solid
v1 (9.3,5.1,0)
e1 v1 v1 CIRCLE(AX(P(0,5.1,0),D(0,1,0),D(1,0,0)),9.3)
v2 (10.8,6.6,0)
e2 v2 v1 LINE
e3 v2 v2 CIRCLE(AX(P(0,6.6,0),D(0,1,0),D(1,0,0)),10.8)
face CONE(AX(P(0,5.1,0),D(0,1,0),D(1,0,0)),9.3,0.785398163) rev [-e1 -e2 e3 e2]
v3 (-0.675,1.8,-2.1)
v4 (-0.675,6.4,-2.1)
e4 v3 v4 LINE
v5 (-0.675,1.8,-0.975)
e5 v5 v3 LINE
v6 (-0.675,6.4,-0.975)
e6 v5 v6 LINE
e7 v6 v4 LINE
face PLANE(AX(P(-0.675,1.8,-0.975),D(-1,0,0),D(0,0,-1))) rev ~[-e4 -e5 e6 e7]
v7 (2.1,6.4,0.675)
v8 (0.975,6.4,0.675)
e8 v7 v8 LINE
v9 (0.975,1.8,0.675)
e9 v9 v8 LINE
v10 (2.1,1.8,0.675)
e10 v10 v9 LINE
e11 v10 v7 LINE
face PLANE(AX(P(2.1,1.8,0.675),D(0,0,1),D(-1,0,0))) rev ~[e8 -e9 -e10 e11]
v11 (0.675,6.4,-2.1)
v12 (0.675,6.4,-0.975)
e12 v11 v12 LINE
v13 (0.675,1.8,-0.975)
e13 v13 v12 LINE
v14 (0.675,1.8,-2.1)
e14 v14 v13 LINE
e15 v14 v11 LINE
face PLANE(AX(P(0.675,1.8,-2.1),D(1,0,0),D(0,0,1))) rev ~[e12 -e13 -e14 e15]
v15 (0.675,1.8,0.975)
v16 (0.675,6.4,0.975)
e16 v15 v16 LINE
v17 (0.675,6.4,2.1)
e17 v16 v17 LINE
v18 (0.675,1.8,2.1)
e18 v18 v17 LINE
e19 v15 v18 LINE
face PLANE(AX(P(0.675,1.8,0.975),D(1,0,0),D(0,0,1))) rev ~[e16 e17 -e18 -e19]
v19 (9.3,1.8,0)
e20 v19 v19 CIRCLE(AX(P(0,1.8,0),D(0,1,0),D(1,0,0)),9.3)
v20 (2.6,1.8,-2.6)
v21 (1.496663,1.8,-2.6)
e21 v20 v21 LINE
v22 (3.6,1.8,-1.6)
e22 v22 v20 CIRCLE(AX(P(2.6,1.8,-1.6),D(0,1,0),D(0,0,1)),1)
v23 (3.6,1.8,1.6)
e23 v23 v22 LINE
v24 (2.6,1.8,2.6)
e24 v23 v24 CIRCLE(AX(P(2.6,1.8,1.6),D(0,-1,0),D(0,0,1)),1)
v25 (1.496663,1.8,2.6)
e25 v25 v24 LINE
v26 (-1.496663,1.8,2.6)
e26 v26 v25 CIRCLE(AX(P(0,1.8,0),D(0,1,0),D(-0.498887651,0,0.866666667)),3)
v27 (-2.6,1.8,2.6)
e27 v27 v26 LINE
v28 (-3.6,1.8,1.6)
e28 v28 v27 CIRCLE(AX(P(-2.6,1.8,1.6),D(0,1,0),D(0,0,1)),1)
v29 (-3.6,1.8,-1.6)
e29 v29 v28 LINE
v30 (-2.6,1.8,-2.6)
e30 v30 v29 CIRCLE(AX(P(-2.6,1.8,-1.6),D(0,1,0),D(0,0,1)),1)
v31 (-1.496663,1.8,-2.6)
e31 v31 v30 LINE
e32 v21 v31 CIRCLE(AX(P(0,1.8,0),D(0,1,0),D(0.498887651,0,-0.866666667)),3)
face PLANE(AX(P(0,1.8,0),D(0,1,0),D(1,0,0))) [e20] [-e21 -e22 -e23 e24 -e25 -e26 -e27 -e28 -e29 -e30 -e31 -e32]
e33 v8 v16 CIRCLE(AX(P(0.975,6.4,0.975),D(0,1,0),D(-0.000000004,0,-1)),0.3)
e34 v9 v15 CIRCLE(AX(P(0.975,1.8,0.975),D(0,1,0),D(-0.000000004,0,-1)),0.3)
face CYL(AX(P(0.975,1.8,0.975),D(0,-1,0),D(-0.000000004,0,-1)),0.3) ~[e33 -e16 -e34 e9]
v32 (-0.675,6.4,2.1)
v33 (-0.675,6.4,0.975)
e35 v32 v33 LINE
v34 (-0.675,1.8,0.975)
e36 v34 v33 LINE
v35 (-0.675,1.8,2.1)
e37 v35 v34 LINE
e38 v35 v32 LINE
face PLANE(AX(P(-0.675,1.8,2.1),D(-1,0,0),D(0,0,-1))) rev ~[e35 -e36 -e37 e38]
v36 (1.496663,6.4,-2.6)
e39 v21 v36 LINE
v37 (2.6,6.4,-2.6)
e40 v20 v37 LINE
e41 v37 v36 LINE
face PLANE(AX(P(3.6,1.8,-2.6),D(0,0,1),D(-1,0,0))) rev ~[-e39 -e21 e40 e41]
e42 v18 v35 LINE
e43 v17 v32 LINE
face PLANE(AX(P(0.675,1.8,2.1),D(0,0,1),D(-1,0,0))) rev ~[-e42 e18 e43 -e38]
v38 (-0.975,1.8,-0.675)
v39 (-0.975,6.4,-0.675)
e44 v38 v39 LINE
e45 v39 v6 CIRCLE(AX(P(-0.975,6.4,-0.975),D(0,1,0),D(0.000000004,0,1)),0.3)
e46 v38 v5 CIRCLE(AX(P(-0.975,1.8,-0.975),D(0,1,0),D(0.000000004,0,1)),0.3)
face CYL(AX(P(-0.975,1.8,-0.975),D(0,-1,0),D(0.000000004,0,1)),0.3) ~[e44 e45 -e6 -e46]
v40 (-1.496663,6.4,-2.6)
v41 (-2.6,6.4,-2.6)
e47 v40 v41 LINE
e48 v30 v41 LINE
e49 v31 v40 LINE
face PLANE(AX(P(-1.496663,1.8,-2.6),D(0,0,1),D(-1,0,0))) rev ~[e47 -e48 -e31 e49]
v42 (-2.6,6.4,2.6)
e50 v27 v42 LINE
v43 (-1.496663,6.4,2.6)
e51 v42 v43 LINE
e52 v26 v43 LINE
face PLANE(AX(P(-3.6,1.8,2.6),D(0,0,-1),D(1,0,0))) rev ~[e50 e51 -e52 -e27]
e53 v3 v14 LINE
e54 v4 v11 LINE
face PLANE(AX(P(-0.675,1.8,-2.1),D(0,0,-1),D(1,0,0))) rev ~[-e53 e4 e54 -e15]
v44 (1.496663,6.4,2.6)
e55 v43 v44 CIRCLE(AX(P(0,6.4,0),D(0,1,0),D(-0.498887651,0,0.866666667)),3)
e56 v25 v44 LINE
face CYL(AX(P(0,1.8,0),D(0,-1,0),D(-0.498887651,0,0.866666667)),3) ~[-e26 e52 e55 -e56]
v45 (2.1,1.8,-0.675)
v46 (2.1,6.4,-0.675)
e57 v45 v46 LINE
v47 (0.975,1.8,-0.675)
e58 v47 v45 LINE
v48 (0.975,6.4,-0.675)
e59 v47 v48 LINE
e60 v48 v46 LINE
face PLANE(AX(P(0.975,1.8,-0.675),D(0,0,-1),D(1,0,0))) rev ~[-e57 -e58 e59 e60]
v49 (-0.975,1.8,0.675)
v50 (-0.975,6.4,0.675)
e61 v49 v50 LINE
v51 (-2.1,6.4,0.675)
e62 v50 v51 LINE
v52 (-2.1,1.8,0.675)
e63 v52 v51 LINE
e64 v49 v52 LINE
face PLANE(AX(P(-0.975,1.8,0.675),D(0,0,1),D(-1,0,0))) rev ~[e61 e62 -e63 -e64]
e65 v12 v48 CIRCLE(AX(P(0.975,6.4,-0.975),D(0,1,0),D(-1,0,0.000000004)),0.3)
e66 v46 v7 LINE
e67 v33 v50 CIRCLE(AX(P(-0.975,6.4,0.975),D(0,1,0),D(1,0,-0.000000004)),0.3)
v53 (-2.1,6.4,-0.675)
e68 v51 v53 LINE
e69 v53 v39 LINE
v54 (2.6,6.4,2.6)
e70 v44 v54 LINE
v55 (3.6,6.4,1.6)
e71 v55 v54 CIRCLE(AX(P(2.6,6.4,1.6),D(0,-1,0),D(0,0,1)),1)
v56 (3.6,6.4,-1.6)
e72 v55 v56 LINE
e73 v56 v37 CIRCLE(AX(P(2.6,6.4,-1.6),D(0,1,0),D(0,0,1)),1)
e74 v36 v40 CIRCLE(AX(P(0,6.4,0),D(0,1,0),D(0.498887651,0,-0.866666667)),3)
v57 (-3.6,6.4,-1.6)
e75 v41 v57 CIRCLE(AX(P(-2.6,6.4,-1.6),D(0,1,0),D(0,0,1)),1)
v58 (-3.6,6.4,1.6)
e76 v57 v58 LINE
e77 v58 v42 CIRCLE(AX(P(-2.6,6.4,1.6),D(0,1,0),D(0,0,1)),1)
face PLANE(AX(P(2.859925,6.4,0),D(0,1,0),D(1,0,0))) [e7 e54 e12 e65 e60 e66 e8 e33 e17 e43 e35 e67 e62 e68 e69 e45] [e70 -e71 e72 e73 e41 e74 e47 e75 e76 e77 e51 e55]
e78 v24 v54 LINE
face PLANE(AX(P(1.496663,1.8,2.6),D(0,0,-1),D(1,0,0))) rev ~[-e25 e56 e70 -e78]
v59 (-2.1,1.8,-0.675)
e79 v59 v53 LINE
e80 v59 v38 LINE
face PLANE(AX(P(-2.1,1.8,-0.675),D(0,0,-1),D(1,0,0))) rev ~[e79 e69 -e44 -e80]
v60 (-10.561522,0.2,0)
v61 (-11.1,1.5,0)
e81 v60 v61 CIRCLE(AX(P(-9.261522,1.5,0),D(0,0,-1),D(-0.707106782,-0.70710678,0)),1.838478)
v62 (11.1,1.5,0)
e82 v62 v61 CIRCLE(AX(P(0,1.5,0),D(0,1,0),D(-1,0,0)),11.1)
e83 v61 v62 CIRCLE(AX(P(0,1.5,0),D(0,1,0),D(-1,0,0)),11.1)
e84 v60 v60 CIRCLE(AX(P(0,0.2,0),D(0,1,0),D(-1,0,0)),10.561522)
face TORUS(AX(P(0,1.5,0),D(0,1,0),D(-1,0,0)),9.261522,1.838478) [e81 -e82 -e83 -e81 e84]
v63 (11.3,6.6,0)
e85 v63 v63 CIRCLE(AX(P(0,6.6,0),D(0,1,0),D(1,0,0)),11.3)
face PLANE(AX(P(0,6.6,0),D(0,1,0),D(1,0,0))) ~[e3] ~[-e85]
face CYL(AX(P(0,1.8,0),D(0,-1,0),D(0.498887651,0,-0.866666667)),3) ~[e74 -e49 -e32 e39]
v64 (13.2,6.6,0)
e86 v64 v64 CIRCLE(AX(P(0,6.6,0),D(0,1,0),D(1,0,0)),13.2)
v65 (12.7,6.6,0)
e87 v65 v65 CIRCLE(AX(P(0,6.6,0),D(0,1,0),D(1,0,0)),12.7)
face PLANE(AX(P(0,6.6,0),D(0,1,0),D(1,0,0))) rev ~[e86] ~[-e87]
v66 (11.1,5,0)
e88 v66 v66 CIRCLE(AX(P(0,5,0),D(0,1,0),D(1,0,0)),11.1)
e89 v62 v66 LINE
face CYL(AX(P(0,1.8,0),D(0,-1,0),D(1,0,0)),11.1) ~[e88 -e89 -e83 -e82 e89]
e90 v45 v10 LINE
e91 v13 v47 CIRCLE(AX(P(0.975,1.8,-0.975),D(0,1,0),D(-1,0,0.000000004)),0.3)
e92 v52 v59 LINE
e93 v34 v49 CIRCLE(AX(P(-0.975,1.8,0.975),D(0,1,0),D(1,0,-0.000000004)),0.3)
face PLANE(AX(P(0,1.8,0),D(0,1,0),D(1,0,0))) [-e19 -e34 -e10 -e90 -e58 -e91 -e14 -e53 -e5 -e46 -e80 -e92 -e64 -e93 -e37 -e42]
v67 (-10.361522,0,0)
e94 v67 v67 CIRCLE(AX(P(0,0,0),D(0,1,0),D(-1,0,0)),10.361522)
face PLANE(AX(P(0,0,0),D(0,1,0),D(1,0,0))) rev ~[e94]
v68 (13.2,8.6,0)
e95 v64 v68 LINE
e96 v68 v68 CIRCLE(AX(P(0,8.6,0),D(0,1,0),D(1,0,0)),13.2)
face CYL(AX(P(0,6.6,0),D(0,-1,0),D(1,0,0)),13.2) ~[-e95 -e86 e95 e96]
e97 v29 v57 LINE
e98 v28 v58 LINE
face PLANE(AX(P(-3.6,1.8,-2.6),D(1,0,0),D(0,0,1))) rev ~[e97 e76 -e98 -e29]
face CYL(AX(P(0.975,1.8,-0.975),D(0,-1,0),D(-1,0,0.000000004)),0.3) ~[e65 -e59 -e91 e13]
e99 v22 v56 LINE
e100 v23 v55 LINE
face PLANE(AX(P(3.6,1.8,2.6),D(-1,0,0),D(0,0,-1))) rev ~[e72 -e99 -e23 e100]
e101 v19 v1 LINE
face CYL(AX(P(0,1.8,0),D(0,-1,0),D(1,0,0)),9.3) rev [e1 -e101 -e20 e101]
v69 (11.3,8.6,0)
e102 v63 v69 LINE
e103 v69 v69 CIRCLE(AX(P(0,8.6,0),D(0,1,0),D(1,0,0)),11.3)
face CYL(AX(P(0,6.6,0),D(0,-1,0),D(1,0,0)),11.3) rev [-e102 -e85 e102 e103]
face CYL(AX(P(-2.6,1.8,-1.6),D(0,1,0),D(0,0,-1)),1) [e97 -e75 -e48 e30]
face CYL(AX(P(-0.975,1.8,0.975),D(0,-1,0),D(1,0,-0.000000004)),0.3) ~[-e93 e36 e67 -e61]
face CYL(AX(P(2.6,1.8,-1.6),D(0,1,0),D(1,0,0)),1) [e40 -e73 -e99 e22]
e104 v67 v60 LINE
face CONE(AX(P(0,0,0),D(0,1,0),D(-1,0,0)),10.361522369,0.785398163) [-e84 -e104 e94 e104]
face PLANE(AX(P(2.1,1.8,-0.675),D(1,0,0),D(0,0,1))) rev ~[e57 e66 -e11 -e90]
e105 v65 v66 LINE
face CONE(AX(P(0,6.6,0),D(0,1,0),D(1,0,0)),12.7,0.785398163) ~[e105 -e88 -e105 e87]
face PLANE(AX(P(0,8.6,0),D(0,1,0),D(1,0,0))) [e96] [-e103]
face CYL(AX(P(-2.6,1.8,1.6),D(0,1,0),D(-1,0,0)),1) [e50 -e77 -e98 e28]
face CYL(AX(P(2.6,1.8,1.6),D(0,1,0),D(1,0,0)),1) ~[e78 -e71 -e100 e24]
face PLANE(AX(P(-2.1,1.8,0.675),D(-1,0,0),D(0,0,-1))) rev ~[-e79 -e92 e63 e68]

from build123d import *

# Parameters (mm, degrees)
SKETCH1_R           = 11.1
BUTTON_TOP_DEPTH    = 1.8
SKETCH2_R           = 11.1
SKETCH2_R_2         = 9.3
BUTTON_WALLS_DEPTH  = 4.8
STEM_HOUSING_DEPTH  = 4.6
CHAMFER1_SIZE       = 1.5
FILLET2_R           = 1
SKETCH8_R           = 13.2
SKETCH8_R_2         = 11.3
BOSS_EXTRUDE1_DEPTH = 2


with BuildPart() as part:
    # Sketch1 → button top (new body)
    with BuildSketch(Plane(origin=(0, 0, 0), x_dir=(1, 0, 0), z_dir=(0, 1, 0))):
        Circle(SKETCH1_R)
    extrude(amount=BUTTON_TOP_DEPTH)

    # Sketch2 → button walls (add)
    with BuildSketch(Plane(origin=(0, 1.8, 0), x_dir=(1, 0, 0), z_dir=(0, 1, 0))):
        Circle(SKETCH2_R)
        Circle(SKETCH2_R_2, mode=Mode.SUBTRACT)
    extrude(amount=BUTTON_WALLS_DEPTH)

    # Sketch3 → stem housing (add)
    with BuildSketch(Plane(origin=(0, 1.8, 0), x_dir=(1, 0, 0), z_dir=(0, 1, 0))):
        with BuildLine():
            ThreePointArc((3, 0), (2.597112711, -1.501667596), (1.496662955, -2.6))
            Line((1.496662955, -2.6), (3.6, -2.6))
            Line((3.6, -2.6), (3.6, 2.6))
            Line((3.6, 2.6), (1.496662955, 2.6))
            ThreePointArc((1.496662955, 2.6), (2.597112711, 1.501667596), (3, 0))
        make_face()
        with BuildLine():
            ThreePointArc((-1.496662955, 2.6), (-3, 0), (-1.496662955, -2.6))
            Line((-1.496662955, -2.6), (1.496662955, -2.6))
            ThreePointArc((1.496662955, -2.6), (2.597112711, -1.501667596), (3, 0))
            ThreePointArc((3, 0), (2.597112711, 1.501667596), (1.496662955, 2.6))
            Line((1.496662955, 2.6), (-1.496662955, 2.6))
        make_face()
        with BuildLine():
            ThreePointArc((-0.975, 0.675), (-0.762867966, 0.762867966), (-0.675, 0.975))
            Line((-0.675, 0.975), (-0.675, 2.1))
            Line((-0.675, 2.1), (0.675, 2.1))
            Line((0.675, 2.1), (0.675, 0.975))
            ThreePointArc((0.675, 0.975), (0.762867966, 0.762867966), (0.975, 0.675))
            Line((0.975, 0.675), (2.1, 0.675))
            Line((2.1, 0.675), (2.1, -0.675))
            Line((2.1, -0.675), (0.975, -0.675))
            ThreePointArc((0.975, -0.675), (0.762867966, -0.762867966), (0.675, -0.975))
            Line((0.675, -0.975), (0.675, -2.1))
            Line((0.675, -2.1), (-0.675, -2.1))
            Line((-0.675, -2.1), (-0.675, -0.975))
            ThreePointArc((-0.675, -0.975), (-0.762867966, -0.762867966), (-0.975, -0.675))
            Line((-0.975, -0.675), (-2.1, -0.675))
            Line((-2.1, -0.675), (-2.1, 0.675))
            Line((-2.1, 0.675), (-0.975, 0.675))
        make_face(mode=Mode.SUBTRACT)
        with BuildLine():
            Line((1.496662955, -2.6), (-1.496662955, -2.6))
            ThreePointArc((-1.496662955, -2.6), (0, -3), (1.496662955, -2.6))
        make_face()
        with BuildLine():
            Line((-3.6, 2.6), (-3.6, -2.6))
            Line((-3.6, -2.6), (-1.496662955, -2.6))
            ThreePointArc((-1.496662955, -2.6), (-3, 0), (-1.496662955, 2.6))
            Line((-1.496662955, 2.6), (-3.6, 2.6))
        make_face()
        with BuildLine():
            ThreePointArc((1.496662955, 2.6), (0, 3), (-1.496662955, 2.6))
            Line((-1.496662955, 2.6), (1.496662955, 2.6))
        make_face()
    extrude(amount=STEM_HOUSING_DEPTH)

    # Chamfer1
    chamfer1_edges = [part.edges().sort_by_distance(p)[0] for p in [
        (-9.3, 6.6, 0),
    ]]
    chamfer(chamfer1_edges, length=CHAMFER1_SIZE)

    # Fillet2
    fillet2_edges = [part.edges().sort_by_distance(p)[0] for p in [
        (3.6, 4.1, 2.6),
        (3.6, 4.1, -2.6),
        (-3.6, 4.1, -2.6),
        (-3.6, 4.1, 2.6),
    ]]
    fillet(fillet2_edges, radius=FILLET2_R)

    # Sketch6 → Cut-Revolve1 (revolve, cut)
    with BuildSketch(Plane.XY):
        with BuildLine():
            Line((-10.361522369, 0), (-10.561522369, 0.2))
            ThreePointArc((-10.561522369, 0.2), (-10.960054223, 0.79644507), (-11.1, 1.5))
            Line((-11.1, 1.5), (-11.1, 0))
            Line((-11.1, 0), (-10.361522369, 0))
        make_face()
    revolve(axis=Axis((0, 0, 0), (0, 1, 0)), mode=Mode.SUBTRACT)

    # Sketch7 → Revolve1 (revolve)
    with BuildSketch(Plane.XY):
        Polygon((11.1, 6.6), (12.7, 6.6), (11.1, 5), align=None)
    revolve(axis=Axis((0, 0, 0), (0, 1, 0)))

    # Sketch8 → Boss-Extrude1 (add)
    with BuildSketch(Plane(origin=(0, 6.6, 0), x_dir=(1, 0, 0), z_dir=(0, 1, 0))):
        Circle(SKETCH8_R)
        Circle(SKETCH8_R_2, mode=Mode.SUBTRACT)
    extrude(amount=BOSS_EXTRUDE1_DEPTH)


solid = part.part
